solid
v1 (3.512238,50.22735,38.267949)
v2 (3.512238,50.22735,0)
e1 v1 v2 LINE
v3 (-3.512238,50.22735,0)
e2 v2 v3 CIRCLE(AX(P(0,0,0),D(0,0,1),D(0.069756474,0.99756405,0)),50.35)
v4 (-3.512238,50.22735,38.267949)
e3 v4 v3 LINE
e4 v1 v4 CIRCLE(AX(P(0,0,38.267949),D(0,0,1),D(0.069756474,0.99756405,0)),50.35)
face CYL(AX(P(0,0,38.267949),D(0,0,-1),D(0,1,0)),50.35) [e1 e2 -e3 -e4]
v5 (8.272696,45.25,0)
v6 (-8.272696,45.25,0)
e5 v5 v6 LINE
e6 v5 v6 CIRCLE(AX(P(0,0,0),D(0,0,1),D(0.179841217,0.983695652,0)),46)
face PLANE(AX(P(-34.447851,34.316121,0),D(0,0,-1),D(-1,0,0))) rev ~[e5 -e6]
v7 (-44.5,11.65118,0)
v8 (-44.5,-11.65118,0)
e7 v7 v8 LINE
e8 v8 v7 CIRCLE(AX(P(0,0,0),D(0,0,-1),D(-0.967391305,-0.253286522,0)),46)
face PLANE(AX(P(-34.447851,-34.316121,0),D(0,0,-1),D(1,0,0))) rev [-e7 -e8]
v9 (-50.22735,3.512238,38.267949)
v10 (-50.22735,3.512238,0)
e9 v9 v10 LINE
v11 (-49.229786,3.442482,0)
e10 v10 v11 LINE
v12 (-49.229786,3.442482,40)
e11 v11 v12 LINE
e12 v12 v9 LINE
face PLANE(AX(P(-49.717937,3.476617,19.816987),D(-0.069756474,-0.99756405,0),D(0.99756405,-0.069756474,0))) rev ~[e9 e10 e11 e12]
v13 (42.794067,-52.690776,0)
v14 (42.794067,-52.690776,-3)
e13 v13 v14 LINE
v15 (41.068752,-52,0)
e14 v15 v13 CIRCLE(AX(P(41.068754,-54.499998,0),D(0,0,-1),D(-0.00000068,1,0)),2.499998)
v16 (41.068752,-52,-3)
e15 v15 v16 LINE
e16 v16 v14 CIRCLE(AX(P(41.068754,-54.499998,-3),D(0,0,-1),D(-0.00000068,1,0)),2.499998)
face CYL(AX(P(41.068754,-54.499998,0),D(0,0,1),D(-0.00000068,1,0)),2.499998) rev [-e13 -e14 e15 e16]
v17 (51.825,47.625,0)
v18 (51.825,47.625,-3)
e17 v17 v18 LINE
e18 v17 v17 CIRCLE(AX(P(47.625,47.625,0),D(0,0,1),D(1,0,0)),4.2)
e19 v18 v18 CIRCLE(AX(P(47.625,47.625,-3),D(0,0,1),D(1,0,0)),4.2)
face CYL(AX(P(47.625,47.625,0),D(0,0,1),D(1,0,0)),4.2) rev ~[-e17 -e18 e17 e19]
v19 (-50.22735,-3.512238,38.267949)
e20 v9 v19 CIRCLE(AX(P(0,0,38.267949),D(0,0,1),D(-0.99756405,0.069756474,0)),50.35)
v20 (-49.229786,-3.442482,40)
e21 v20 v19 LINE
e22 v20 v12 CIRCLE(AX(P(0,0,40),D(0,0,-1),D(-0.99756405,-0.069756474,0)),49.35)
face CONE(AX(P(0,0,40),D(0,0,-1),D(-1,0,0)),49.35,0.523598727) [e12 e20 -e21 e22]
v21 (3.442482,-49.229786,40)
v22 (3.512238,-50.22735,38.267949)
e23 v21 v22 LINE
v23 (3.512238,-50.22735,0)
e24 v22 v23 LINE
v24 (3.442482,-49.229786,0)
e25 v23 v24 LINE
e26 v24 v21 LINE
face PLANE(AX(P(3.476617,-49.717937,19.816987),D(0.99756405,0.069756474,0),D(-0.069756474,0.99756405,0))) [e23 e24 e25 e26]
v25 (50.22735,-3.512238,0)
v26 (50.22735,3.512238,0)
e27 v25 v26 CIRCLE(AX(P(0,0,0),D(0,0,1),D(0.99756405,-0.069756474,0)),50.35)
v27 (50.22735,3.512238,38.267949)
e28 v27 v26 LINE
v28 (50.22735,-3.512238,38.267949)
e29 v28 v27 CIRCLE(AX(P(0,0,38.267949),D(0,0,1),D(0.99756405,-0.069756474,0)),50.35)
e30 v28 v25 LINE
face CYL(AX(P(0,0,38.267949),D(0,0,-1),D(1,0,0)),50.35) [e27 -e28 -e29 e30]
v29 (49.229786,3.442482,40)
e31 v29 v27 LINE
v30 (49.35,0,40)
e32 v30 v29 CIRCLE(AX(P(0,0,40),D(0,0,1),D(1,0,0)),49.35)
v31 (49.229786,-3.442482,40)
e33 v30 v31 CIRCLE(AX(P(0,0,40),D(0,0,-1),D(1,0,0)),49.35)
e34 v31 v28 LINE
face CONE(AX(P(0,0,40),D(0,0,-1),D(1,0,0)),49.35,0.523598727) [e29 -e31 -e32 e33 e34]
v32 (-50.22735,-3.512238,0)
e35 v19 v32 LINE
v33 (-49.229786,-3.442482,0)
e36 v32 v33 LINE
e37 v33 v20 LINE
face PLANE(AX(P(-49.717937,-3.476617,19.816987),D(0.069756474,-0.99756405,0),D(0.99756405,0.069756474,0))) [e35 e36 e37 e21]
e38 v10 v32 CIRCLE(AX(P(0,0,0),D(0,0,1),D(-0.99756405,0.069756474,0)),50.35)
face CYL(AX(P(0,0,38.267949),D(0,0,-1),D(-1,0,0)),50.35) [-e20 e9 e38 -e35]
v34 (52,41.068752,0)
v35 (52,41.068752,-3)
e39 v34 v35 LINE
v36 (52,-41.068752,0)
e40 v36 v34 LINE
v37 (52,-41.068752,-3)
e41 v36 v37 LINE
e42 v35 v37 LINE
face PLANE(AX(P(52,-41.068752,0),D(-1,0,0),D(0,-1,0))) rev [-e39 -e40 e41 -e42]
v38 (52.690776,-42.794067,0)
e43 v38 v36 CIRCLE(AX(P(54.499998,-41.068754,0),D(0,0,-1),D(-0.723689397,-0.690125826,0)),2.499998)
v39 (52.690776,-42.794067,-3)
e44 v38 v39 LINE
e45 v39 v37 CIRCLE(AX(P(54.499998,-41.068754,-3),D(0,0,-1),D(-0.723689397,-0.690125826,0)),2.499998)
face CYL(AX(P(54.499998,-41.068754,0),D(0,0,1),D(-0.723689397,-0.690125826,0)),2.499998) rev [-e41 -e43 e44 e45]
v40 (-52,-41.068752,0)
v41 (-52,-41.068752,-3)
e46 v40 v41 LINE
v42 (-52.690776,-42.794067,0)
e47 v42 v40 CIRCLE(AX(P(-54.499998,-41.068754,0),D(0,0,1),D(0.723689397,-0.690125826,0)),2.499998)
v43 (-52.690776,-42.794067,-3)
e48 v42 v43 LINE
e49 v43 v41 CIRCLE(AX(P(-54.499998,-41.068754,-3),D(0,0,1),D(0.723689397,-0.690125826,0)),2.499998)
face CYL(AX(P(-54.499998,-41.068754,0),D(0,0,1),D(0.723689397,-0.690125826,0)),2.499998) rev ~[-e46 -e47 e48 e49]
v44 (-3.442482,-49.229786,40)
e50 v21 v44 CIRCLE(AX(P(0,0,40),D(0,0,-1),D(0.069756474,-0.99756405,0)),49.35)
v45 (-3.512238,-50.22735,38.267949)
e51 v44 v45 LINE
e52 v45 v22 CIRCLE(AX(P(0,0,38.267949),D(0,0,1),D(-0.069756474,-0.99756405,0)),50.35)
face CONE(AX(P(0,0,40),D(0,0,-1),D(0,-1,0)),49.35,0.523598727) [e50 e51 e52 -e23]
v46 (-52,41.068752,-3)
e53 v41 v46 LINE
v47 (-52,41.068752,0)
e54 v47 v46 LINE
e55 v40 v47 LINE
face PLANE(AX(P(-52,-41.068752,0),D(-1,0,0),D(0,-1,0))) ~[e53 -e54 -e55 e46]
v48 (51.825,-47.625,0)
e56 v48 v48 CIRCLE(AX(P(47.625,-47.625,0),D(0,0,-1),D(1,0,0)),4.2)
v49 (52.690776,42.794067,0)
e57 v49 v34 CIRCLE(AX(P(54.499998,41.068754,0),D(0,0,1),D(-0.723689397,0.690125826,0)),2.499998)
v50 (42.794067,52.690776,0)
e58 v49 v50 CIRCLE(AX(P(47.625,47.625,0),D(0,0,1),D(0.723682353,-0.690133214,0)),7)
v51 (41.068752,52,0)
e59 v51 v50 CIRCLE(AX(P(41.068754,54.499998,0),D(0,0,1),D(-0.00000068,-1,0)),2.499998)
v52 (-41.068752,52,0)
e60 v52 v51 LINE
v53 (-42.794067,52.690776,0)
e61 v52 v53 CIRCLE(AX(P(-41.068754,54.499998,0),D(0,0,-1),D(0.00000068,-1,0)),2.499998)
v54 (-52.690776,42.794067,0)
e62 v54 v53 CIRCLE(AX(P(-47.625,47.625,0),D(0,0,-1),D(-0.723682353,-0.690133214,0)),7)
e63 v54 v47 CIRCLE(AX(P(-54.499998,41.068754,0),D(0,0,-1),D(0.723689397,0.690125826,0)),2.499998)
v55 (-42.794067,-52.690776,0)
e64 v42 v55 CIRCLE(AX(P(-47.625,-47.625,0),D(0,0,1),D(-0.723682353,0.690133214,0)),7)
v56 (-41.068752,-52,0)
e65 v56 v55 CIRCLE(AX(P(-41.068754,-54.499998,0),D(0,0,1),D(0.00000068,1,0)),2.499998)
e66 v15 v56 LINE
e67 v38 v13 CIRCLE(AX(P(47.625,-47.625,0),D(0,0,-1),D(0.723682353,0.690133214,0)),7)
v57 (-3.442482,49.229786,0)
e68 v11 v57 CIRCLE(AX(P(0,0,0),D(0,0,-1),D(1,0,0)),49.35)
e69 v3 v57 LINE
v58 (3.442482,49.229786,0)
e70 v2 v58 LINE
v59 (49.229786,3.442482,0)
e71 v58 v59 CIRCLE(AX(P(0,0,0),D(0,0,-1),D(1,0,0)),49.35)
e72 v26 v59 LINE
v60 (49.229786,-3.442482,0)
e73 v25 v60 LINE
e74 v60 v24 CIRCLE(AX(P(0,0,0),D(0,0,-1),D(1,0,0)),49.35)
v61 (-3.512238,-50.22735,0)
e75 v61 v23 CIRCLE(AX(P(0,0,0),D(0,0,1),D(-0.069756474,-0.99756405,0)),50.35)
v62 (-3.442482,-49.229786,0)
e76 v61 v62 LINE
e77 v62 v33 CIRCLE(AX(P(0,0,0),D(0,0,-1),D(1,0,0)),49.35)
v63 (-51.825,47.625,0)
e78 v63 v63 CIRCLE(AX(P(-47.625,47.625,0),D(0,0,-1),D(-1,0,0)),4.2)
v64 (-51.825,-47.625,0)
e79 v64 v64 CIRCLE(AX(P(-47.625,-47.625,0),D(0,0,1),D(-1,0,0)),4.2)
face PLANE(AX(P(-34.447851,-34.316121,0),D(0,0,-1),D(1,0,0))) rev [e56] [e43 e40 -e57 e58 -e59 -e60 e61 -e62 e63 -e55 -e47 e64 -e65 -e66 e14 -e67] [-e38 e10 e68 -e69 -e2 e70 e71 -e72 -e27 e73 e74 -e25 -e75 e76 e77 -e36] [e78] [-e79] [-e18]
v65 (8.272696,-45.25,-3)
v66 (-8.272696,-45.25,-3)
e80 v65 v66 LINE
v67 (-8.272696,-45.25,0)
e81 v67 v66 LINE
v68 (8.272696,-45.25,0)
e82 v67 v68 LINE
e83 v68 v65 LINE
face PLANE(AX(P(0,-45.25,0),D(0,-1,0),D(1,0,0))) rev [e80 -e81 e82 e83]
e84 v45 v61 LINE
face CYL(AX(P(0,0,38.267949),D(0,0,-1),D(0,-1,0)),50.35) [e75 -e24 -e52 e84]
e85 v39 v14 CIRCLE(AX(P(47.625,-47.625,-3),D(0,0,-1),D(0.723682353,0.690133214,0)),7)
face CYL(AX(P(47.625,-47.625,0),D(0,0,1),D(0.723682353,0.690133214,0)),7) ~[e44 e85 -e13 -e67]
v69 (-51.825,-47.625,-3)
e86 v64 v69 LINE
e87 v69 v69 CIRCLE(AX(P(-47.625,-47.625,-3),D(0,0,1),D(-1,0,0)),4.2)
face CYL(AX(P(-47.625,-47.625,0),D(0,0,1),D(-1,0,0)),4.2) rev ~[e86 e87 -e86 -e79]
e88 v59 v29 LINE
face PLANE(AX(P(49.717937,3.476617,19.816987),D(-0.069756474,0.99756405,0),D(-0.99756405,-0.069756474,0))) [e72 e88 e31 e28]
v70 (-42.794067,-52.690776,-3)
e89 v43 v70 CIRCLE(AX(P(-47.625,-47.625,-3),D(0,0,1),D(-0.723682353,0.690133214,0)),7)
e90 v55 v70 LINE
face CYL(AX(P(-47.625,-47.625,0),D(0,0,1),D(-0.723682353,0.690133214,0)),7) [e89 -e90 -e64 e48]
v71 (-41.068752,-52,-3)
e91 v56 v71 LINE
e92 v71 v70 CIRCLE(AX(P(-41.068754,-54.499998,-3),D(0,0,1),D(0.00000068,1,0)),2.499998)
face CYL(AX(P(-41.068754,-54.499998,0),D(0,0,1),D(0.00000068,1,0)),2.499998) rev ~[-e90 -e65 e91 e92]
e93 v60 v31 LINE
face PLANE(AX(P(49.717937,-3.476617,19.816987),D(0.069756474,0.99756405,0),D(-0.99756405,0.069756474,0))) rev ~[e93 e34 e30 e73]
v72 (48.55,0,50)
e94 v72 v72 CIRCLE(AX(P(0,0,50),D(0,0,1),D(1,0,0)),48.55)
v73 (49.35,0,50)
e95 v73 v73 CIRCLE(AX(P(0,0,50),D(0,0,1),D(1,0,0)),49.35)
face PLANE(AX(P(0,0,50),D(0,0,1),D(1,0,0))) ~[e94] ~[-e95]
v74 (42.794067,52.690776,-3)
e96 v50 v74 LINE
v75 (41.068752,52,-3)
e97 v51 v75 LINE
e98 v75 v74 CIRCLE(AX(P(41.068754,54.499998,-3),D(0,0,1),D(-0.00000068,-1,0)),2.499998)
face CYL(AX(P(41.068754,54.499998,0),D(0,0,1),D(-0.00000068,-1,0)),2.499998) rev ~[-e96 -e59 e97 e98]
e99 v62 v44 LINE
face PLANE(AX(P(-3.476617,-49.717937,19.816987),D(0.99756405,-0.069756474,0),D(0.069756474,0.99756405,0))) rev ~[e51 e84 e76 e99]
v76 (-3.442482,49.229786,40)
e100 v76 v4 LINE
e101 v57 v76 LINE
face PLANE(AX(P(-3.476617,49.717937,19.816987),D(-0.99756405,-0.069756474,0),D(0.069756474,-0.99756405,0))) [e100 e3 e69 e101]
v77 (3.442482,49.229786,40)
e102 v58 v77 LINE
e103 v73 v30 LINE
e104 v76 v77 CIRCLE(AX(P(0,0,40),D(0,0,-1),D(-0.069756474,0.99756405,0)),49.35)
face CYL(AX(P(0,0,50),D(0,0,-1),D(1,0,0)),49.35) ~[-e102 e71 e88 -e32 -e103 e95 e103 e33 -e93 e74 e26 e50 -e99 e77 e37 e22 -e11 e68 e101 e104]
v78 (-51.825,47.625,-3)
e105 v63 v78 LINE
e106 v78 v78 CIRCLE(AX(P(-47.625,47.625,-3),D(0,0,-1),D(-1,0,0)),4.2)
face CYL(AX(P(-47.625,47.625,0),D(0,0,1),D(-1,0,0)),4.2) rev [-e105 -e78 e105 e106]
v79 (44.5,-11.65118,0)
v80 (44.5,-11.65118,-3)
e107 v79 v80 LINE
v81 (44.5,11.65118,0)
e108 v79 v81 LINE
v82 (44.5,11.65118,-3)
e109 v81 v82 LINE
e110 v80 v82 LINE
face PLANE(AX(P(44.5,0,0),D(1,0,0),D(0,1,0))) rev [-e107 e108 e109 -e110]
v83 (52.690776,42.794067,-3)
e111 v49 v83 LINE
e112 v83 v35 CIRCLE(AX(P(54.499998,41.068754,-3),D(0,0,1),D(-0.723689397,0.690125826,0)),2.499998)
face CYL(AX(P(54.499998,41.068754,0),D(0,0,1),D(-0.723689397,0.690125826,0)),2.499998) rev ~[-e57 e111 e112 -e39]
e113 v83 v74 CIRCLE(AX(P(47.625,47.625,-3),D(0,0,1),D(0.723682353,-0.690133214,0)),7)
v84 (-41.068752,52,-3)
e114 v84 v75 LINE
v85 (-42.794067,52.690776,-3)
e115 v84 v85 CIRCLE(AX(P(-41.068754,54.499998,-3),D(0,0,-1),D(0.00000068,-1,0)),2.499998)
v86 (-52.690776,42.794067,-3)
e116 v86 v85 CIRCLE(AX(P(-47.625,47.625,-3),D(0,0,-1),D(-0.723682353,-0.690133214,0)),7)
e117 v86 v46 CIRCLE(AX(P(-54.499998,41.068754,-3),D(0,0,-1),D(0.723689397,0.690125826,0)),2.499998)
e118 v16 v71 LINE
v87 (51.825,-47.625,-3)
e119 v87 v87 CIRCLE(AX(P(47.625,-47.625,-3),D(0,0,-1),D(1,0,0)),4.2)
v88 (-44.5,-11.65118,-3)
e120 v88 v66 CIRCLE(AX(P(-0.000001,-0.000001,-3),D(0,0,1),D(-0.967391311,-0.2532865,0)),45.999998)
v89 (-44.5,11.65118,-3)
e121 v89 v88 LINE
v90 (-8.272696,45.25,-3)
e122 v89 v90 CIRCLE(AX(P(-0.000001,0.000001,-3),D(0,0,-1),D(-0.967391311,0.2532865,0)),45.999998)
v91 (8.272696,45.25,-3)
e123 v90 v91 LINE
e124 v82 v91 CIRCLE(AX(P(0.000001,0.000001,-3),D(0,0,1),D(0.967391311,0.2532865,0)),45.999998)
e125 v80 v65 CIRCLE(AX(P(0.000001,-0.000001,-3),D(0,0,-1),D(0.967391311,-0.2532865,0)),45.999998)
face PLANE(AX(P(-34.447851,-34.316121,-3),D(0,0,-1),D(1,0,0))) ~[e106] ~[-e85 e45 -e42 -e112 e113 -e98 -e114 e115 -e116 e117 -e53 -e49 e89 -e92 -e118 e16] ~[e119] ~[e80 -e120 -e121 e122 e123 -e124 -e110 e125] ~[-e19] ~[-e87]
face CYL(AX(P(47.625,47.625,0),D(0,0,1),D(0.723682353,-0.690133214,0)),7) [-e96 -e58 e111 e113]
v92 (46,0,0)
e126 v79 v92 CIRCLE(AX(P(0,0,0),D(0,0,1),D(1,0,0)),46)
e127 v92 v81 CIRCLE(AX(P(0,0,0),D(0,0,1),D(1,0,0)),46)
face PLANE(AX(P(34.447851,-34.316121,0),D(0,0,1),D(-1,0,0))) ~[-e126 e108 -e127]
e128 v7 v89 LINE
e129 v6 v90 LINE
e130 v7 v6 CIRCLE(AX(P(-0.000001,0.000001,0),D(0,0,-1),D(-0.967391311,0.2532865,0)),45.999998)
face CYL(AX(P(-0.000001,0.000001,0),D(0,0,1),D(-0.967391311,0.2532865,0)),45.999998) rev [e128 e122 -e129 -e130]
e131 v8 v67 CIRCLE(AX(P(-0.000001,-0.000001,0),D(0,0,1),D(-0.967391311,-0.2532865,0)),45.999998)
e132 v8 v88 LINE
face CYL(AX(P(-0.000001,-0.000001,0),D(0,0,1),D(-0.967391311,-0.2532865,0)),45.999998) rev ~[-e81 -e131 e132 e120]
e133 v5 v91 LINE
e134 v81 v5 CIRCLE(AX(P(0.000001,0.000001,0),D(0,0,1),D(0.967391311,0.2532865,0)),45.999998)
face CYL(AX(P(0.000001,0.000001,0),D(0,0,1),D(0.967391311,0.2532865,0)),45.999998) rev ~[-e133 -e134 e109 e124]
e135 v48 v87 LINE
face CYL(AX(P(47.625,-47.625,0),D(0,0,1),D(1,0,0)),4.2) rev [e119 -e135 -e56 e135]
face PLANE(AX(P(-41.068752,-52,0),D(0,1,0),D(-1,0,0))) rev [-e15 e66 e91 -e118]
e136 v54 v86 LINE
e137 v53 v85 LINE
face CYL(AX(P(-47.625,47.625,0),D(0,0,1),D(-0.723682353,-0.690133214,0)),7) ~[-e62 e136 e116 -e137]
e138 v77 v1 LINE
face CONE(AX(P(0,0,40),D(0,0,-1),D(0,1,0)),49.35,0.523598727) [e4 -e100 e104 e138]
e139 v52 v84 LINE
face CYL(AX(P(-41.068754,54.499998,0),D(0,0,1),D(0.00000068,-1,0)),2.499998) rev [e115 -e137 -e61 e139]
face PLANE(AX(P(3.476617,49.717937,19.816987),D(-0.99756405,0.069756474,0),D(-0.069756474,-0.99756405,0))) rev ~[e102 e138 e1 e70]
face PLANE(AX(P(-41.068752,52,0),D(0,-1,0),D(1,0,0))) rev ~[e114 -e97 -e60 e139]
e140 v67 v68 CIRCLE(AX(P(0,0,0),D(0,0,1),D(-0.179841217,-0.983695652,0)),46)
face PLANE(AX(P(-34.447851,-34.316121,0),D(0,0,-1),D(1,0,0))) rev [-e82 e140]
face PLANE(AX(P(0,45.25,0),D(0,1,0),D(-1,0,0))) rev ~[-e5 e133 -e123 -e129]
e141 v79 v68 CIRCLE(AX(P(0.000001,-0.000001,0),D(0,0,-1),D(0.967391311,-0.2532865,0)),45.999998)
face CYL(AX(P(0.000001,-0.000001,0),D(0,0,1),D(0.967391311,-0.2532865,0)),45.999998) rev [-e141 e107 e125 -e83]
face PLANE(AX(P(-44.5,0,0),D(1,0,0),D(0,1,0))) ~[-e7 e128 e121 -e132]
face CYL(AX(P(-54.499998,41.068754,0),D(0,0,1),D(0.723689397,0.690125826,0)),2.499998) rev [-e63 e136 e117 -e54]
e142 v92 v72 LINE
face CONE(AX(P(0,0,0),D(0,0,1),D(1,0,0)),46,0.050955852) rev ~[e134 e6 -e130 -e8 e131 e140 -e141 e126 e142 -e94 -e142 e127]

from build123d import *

# Parameters (mm, degrees)
SKETCH_R                          = 4.2
PAD_DEPTH                         = 3
REVOLUTION001_ANGLE               = 4
SKETCH_MIRRORED_2_R               = 4.2
PAD_MIRRORED_2_DEPTH              = 3
REVOLUTION001_MIRRORED002_2_ANGLE = -4
POLARPATTERN_COUNT                = 4


with BuildPart() as part:
    # Sketch → Pad (new body)
    with BuildSketch(Plane.XY):
        with BuildLine():
            Line((0, 45.25), (8.272696, 45.25))
            ThreePointArc((44.5, 11.65118), (31.280338, 33.727444), (8.272696, 45.25))
            Line((44.5, 0), (44.5, 11.65118))
            Line((44.5, 0), (52, 0))
            Line((52, 41.068752), (52, 0))
            ThreePointArc((52.690776, 42.794067), (52.17911, 41.997984), (52, 41.068752))
            ThreePointArc((52.690776, 42.794067), (52.574747, 52.574747), (42.794067, 52.690776))
            ThreePointArc((41.068752, 52), (41.997984, 52.17911), (42.794067, 52.690776))
            Line((41.068752, 52), (0, 52))
            Line((0, 45.25), (0, 52))
        make_face()
        with Locations((47.625, 47.625)):
            Circle(SKETCH_R, mode=Mode.SUBTRACT)
    pad = extrude(amount=-PAD_DEPTH)

    # Sketch001 → Revolution (revolve)
    with BuildSketch(Plane.XZ):
        Polygon((46, 0), (48.55, 50), (49.35, 50), (49.35, 0), align=None)
    revolve(axis=Axis((0, 0, 0), (0, 0, 1)))

    # Sketch002 → Revolution001 (revolve)
    with BuildSketch(Plane.XZ):
        Polygon((49.35, 0), (49.35, 40), (50.35, 38.267949), (50.35, 0), align=None)
    revolution001 = revolve(axis=Axis((0, 0, 0), (0, 0, 1)), revolution_arc=REVOLUTION001_ANGLE)

    # Sketch Mirrored 2 → Pad Mirrored 2 (add)
    with BuildSketch(Plane(origin=(0, 0, 0), x_dir=(-1, 0, 0), z_dir=(0, 0, -1))):
        with BuildLine():
            Line((0, 45.25), (8.272696, 45.25))
            ThreePointArc((44.5, 11.65118), (31.280338, 33.727444), (8.272696, 45.25))
            Line((44.5, 0), (44.5, 11.65118))
            Line((44.5, 0), (52, 0))
            Line((52, 41.068752), (52, 0))
            ThreePointArc((52.690776, 42.794067), (52.17911, 41.997984), (52, 41.068752))
            ThreePointArc((52.690776, 42.794067), (52.574747, 52.574747), (42.794067, 52.690776))
            ThreePointArc((41.068752, 52), (41.997984, 52.17911), (42.794067, 52.690776))
            Line((41.068752, 52), (0, 52))
            Line((0, 45.25), (0, 52))
        make_face()
        with Locations((47.625, 47.625)):
            Circle(SKETCH_MIRRORED_2_R, mode=Mode.SUBTRACT)
    pad_mirrored_2 = extrude(amount=PAD_MIRRORED_2_DEPTH)

    # Mirrored001: Pad, Pad Mirrored 2 across Sketch H_Axis
    add(pad.mirror(Plane.ZX))
    add(pad_mirrored_2.mirror(Plane.ZX))

    # Sketch002 Mirrored002 2 → Revolution001 Mirrored002 2 (revolve)
    with BuildSketch(Plane.XZ):
        Polygon((49.35, 0), (49.35, 40), (50.35, 38.267949), (50.35, 0), align=None)
    revolution001_mirrored002_2 = revolve(axis=Axis((0, 0, 0), (0, 0, 1)), revolution_arc=REVOLUTION001_MIRRORED002_2_ANGLE)

    # PolarPattern: Revolution001, Revolution001 Mirrored002 2 ×4 about axis
    polarpattern_axis = Axis((0, 0, 0), (0, 0, 1))
    for i in range(1, POLARPATTERN_COUNT):
        add(revolution001.rotate(polarpattern_axis, i * 360 / POLARPATTERN_COUNT))
        add(revolution001_mirrored002_2.rotate(polarpattern_axis, i * 360 / POLARPATTERN_COUNT))


solid = part.part
